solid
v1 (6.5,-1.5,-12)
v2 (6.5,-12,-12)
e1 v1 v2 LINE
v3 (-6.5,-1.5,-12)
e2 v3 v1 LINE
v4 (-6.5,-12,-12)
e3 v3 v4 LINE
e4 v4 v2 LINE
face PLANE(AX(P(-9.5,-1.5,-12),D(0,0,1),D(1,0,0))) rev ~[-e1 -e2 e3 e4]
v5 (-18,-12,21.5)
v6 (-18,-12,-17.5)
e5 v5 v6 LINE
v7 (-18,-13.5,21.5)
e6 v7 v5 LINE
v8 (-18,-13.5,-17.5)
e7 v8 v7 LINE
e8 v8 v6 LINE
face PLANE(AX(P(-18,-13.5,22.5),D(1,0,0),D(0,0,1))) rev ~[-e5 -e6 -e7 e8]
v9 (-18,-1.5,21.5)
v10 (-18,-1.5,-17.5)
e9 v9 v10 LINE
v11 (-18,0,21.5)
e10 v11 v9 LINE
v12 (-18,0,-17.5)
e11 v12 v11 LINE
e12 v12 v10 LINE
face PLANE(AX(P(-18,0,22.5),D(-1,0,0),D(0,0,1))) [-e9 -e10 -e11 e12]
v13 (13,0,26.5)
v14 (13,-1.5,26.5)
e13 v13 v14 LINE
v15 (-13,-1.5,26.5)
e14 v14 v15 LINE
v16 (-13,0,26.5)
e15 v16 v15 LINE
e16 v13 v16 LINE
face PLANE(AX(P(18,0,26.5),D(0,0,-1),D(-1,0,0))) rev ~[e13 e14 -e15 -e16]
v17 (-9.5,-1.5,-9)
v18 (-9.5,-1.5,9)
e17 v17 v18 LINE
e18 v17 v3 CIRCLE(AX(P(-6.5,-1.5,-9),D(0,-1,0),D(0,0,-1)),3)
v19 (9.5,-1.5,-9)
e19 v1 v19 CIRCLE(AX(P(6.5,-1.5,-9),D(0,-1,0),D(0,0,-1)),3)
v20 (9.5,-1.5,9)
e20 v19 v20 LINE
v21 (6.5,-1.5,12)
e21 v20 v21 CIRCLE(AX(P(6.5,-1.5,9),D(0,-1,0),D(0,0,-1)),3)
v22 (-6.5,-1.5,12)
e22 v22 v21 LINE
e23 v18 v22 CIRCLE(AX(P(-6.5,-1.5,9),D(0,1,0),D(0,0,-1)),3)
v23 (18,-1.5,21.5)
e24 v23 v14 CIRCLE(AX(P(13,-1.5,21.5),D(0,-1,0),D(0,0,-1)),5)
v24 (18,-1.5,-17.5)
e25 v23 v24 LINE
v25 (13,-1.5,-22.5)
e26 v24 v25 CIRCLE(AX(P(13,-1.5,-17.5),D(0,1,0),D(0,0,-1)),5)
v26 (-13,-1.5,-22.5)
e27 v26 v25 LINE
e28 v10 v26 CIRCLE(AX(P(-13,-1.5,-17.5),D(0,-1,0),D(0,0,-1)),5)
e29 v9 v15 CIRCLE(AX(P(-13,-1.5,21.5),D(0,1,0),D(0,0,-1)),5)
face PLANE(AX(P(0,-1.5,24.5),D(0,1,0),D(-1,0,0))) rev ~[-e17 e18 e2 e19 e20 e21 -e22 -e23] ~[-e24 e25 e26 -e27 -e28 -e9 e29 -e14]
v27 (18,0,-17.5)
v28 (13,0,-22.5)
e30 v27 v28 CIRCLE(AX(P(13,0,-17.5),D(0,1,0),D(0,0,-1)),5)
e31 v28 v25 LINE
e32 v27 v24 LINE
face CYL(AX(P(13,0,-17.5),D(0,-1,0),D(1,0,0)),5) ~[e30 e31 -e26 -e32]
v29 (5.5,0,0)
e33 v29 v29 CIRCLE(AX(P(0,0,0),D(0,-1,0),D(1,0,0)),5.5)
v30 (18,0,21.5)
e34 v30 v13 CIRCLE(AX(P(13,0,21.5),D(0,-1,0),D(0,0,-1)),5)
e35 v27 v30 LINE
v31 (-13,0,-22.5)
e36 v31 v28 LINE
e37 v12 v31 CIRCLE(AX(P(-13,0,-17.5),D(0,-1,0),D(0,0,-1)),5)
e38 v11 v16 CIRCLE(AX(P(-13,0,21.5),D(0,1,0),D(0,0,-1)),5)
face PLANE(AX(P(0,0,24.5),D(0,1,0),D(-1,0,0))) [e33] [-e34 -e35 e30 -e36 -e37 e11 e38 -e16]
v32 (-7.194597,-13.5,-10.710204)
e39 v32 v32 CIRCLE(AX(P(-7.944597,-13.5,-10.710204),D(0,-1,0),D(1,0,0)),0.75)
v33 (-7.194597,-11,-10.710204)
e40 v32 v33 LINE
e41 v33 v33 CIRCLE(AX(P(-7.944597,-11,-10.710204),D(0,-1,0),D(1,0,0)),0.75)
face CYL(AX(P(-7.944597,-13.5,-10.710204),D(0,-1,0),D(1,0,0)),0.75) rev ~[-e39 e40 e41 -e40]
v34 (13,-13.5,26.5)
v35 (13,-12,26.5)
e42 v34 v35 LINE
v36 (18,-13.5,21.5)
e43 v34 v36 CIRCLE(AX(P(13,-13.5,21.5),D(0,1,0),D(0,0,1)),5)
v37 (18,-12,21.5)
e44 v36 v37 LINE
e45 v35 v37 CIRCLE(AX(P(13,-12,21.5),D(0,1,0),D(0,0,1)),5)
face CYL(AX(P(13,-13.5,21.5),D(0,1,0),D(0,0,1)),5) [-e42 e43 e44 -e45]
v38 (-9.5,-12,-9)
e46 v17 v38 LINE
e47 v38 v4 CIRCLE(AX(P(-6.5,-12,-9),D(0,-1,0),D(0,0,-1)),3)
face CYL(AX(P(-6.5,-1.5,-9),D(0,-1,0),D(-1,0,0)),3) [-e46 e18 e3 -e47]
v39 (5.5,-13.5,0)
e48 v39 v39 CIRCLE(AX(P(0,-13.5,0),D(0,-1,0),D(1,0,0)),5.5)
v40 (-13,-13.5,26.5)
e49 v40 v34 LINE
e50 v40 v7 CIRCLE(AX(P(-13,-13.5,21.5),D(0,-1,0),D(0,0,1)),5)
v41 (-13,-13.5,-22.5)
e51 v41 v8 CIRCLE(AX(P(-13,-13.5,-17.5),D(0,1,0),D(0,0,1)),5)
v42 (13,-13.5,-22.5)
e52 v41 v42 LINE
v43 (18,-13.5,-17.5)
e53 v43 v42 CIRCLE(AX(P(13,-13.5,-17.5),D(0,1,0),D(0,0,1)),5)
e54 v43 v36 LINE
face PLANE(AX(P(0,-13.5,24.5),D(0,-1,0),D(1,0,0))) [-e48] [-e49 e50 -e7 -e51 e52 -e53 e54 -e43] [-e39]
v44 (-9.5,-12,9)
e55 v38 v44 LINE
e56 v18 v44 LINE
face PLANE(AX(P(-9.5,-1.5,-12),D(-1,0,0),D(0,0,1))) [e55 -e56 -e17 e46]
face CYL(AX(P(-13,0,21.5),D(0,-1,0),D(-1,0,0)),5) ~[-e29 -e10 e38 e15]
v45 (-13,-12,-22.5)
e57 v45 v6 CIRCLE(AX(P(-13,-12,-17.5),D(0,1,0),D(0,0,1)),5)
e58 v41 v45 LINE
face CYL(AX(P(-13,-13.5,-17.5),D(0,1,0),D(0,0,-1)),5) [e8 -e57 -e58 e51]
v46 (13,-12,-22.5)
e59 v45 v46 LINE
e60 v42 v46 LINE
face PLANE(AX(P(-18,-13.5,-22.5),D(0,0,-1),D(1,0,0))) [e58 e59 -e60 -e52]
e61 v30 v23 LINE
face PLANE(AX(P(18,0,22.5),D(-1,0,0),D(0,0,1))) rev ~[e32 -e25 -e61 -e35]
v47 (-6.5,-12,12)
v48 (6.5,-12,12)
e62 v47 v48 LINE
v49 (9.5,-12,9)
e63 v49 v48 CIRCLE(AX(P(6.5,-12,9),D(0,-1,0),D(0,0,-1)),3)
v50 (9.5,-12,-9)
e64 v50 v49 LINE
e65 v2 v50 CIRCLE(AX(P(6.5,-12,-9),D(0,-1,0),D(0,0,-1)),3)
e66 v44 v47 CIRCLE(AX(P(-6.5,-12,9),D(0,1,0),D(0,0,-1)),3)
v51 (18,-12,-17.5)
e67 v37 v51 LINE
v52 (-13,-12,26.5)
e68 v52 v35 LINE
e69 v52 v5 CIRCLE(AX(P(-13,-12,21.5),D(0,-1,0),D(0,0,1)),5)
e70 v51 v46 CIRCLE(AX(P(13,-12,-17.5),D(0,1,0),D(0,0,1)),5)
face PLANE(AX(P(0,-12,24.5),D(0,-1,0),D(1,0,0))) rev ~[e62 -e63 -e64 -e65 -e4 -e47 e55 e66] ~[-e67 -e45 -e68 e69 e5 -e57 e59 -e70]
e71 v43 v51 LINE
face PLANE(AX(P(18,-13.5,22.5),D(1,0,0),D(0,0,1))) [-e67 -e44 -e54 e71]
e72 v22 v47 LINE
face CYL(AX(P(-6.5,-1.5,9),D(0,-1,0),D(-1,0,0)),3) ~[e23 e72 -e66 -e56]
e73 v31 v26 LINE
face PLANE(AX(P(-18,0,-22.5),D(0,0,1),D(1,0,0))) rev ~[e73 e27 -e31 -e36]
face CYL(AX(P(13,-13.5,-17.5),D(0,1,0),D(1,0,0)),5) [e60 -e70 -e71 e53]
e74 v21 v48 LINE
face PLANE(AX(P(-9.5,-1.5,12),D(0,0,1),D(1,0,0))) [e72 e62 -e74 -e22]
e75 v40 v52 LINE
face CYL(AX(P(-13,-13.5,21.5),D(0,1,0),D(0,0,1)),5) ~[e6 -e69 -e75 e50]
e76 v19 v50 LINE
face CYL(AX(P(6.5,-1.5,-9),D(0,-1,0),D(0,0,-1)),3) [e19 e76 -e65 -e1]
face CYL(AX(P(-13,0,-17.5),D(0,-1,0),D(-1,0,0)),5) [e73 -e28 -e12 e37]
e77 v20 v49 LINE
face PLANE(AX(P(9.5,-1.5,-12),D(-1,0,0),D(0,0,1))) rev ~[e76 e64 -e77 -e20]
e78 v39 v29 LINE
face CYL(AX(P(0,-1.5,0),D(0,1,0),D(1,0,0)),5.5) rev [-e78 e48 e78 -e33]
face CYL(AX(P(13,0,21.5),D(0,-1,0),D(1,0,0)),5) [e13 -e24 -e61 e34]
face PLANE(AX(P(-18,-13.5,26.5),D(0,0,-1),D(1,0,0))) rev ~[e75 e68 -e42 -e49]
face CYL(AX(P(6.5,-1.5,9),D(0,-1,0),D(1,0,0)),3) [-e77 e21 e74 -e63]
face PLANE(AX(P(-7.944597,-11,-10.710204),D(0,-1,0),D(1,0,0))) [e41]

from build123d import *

# Parameters (mm, degrees)
F0_W      = 36
F0_H      = 45
F0_R      = 5.5
F1_DEPTH  = 1.5
F2_W      = 19
F2_H      = 24
F2_R      = 5.5
F3_DEPTH  = 12
F4_W      = 36
F4_H      = 45
F4_W_2    = 19
F4_H_2    = 24
F4_R      = 5.5
F5_DEPTH  = 1.5
F6_R      = 0.75
F7_DEPTH  = 2.5
F8_W      = 36
F8_H      = 4
F9_DEPTH  = 1.5
F10_W     = 36
F10_H     = 4
F11_DEPTH = 1.5
F12_R     = 5
F13_R     = 3


with BuildPart() as f1:
    # F0 (on Front) → F1 (new body)
    with BuildSketch(Plane.XZ):
        Rectangle(F0_W, F0_H)
        Circle(F0_R, mode=Mode.SUBTRACT)
    extrude(amount=F1_DEPTH)

    # F2 (on face) → F3 (join)
    with BuildSketch(Plane.XZ.offset(1.5)):
        Rectangle(F2_W, F2_H)
        Circle(F2_R, mode=Mode.SUBTRACT)
    extrude(amount=F3_DEPTH)

    # F4 (on face) → F5 (join)
    with BuildSketch(Plane.XZ.offset(13.5)):
        Rectangle(F4_W, F4_H)
        Rectangle(F4_W_2, F4_H_2, mode=Mode.SUBTRACT)
        Rectangle(F4_W_2, F4_H_2)
        Circle(F4_R, mode=Mode.SUBTRACT)
    extrude(amount=-F5_DEPTH)

    # F6 (on face) → F7 (cut)
    with BuildSketch(Plane.XZ.offset(13.5)):
        with Locations((-7.9445969313, -10.7102040201)):
            Circle(F6_R)
    extrude(amount=-F7_DEPTH, mode=Mode.SUBTRACT)

    # F8 (on face) → F9 (join)
    with BuildSketch(Plane.XZ.offset(13.5)):
        with Locations((0, 24.5)):
            Rectangle(F8_W, F8_H)
    extrude(amount=-F9_DEPTH)

    # F10 (on face) → F11 (join)
    with BuildSketch(Plane(origin=(0, 0, 0), x_dir=(-1, 0, 0), z_dir=(0, 1, 0))):
        with Locations((0, 24.5)):
            Rectangle(F10_W, F10_H)
    extrude(amount=-F11_DEPTH)

    # F12
    f12_edges = [f1.edges().sort_by_distance(p)[0] for p in [
        (18, -12.75, 26.5),
        (18, -0.75, 26.5),
        (18, -0.75, -22.5),
        (18, -12.75, -22.5),
        (-18, -0.75, -22.5),
        (-18, -12.75, -22.5),
        (-18, -0.75, 26.5),
        (-18, -12.75, 26.5),
    ]]
    fillet(f12_edges, radius=F12_R)

    # F13
    f13_edges = [f1.edges().sort_by_distance(p)[0] for p in [
        (-9.5, -6.75, 12),
        (9.5, -6.75, 12),
        (9.5, -6.75, -12),
        (-9.5, -6.75, -12),
    ]]
    fillet(f13_edges, radius=F13_R)


solid = f1.part
